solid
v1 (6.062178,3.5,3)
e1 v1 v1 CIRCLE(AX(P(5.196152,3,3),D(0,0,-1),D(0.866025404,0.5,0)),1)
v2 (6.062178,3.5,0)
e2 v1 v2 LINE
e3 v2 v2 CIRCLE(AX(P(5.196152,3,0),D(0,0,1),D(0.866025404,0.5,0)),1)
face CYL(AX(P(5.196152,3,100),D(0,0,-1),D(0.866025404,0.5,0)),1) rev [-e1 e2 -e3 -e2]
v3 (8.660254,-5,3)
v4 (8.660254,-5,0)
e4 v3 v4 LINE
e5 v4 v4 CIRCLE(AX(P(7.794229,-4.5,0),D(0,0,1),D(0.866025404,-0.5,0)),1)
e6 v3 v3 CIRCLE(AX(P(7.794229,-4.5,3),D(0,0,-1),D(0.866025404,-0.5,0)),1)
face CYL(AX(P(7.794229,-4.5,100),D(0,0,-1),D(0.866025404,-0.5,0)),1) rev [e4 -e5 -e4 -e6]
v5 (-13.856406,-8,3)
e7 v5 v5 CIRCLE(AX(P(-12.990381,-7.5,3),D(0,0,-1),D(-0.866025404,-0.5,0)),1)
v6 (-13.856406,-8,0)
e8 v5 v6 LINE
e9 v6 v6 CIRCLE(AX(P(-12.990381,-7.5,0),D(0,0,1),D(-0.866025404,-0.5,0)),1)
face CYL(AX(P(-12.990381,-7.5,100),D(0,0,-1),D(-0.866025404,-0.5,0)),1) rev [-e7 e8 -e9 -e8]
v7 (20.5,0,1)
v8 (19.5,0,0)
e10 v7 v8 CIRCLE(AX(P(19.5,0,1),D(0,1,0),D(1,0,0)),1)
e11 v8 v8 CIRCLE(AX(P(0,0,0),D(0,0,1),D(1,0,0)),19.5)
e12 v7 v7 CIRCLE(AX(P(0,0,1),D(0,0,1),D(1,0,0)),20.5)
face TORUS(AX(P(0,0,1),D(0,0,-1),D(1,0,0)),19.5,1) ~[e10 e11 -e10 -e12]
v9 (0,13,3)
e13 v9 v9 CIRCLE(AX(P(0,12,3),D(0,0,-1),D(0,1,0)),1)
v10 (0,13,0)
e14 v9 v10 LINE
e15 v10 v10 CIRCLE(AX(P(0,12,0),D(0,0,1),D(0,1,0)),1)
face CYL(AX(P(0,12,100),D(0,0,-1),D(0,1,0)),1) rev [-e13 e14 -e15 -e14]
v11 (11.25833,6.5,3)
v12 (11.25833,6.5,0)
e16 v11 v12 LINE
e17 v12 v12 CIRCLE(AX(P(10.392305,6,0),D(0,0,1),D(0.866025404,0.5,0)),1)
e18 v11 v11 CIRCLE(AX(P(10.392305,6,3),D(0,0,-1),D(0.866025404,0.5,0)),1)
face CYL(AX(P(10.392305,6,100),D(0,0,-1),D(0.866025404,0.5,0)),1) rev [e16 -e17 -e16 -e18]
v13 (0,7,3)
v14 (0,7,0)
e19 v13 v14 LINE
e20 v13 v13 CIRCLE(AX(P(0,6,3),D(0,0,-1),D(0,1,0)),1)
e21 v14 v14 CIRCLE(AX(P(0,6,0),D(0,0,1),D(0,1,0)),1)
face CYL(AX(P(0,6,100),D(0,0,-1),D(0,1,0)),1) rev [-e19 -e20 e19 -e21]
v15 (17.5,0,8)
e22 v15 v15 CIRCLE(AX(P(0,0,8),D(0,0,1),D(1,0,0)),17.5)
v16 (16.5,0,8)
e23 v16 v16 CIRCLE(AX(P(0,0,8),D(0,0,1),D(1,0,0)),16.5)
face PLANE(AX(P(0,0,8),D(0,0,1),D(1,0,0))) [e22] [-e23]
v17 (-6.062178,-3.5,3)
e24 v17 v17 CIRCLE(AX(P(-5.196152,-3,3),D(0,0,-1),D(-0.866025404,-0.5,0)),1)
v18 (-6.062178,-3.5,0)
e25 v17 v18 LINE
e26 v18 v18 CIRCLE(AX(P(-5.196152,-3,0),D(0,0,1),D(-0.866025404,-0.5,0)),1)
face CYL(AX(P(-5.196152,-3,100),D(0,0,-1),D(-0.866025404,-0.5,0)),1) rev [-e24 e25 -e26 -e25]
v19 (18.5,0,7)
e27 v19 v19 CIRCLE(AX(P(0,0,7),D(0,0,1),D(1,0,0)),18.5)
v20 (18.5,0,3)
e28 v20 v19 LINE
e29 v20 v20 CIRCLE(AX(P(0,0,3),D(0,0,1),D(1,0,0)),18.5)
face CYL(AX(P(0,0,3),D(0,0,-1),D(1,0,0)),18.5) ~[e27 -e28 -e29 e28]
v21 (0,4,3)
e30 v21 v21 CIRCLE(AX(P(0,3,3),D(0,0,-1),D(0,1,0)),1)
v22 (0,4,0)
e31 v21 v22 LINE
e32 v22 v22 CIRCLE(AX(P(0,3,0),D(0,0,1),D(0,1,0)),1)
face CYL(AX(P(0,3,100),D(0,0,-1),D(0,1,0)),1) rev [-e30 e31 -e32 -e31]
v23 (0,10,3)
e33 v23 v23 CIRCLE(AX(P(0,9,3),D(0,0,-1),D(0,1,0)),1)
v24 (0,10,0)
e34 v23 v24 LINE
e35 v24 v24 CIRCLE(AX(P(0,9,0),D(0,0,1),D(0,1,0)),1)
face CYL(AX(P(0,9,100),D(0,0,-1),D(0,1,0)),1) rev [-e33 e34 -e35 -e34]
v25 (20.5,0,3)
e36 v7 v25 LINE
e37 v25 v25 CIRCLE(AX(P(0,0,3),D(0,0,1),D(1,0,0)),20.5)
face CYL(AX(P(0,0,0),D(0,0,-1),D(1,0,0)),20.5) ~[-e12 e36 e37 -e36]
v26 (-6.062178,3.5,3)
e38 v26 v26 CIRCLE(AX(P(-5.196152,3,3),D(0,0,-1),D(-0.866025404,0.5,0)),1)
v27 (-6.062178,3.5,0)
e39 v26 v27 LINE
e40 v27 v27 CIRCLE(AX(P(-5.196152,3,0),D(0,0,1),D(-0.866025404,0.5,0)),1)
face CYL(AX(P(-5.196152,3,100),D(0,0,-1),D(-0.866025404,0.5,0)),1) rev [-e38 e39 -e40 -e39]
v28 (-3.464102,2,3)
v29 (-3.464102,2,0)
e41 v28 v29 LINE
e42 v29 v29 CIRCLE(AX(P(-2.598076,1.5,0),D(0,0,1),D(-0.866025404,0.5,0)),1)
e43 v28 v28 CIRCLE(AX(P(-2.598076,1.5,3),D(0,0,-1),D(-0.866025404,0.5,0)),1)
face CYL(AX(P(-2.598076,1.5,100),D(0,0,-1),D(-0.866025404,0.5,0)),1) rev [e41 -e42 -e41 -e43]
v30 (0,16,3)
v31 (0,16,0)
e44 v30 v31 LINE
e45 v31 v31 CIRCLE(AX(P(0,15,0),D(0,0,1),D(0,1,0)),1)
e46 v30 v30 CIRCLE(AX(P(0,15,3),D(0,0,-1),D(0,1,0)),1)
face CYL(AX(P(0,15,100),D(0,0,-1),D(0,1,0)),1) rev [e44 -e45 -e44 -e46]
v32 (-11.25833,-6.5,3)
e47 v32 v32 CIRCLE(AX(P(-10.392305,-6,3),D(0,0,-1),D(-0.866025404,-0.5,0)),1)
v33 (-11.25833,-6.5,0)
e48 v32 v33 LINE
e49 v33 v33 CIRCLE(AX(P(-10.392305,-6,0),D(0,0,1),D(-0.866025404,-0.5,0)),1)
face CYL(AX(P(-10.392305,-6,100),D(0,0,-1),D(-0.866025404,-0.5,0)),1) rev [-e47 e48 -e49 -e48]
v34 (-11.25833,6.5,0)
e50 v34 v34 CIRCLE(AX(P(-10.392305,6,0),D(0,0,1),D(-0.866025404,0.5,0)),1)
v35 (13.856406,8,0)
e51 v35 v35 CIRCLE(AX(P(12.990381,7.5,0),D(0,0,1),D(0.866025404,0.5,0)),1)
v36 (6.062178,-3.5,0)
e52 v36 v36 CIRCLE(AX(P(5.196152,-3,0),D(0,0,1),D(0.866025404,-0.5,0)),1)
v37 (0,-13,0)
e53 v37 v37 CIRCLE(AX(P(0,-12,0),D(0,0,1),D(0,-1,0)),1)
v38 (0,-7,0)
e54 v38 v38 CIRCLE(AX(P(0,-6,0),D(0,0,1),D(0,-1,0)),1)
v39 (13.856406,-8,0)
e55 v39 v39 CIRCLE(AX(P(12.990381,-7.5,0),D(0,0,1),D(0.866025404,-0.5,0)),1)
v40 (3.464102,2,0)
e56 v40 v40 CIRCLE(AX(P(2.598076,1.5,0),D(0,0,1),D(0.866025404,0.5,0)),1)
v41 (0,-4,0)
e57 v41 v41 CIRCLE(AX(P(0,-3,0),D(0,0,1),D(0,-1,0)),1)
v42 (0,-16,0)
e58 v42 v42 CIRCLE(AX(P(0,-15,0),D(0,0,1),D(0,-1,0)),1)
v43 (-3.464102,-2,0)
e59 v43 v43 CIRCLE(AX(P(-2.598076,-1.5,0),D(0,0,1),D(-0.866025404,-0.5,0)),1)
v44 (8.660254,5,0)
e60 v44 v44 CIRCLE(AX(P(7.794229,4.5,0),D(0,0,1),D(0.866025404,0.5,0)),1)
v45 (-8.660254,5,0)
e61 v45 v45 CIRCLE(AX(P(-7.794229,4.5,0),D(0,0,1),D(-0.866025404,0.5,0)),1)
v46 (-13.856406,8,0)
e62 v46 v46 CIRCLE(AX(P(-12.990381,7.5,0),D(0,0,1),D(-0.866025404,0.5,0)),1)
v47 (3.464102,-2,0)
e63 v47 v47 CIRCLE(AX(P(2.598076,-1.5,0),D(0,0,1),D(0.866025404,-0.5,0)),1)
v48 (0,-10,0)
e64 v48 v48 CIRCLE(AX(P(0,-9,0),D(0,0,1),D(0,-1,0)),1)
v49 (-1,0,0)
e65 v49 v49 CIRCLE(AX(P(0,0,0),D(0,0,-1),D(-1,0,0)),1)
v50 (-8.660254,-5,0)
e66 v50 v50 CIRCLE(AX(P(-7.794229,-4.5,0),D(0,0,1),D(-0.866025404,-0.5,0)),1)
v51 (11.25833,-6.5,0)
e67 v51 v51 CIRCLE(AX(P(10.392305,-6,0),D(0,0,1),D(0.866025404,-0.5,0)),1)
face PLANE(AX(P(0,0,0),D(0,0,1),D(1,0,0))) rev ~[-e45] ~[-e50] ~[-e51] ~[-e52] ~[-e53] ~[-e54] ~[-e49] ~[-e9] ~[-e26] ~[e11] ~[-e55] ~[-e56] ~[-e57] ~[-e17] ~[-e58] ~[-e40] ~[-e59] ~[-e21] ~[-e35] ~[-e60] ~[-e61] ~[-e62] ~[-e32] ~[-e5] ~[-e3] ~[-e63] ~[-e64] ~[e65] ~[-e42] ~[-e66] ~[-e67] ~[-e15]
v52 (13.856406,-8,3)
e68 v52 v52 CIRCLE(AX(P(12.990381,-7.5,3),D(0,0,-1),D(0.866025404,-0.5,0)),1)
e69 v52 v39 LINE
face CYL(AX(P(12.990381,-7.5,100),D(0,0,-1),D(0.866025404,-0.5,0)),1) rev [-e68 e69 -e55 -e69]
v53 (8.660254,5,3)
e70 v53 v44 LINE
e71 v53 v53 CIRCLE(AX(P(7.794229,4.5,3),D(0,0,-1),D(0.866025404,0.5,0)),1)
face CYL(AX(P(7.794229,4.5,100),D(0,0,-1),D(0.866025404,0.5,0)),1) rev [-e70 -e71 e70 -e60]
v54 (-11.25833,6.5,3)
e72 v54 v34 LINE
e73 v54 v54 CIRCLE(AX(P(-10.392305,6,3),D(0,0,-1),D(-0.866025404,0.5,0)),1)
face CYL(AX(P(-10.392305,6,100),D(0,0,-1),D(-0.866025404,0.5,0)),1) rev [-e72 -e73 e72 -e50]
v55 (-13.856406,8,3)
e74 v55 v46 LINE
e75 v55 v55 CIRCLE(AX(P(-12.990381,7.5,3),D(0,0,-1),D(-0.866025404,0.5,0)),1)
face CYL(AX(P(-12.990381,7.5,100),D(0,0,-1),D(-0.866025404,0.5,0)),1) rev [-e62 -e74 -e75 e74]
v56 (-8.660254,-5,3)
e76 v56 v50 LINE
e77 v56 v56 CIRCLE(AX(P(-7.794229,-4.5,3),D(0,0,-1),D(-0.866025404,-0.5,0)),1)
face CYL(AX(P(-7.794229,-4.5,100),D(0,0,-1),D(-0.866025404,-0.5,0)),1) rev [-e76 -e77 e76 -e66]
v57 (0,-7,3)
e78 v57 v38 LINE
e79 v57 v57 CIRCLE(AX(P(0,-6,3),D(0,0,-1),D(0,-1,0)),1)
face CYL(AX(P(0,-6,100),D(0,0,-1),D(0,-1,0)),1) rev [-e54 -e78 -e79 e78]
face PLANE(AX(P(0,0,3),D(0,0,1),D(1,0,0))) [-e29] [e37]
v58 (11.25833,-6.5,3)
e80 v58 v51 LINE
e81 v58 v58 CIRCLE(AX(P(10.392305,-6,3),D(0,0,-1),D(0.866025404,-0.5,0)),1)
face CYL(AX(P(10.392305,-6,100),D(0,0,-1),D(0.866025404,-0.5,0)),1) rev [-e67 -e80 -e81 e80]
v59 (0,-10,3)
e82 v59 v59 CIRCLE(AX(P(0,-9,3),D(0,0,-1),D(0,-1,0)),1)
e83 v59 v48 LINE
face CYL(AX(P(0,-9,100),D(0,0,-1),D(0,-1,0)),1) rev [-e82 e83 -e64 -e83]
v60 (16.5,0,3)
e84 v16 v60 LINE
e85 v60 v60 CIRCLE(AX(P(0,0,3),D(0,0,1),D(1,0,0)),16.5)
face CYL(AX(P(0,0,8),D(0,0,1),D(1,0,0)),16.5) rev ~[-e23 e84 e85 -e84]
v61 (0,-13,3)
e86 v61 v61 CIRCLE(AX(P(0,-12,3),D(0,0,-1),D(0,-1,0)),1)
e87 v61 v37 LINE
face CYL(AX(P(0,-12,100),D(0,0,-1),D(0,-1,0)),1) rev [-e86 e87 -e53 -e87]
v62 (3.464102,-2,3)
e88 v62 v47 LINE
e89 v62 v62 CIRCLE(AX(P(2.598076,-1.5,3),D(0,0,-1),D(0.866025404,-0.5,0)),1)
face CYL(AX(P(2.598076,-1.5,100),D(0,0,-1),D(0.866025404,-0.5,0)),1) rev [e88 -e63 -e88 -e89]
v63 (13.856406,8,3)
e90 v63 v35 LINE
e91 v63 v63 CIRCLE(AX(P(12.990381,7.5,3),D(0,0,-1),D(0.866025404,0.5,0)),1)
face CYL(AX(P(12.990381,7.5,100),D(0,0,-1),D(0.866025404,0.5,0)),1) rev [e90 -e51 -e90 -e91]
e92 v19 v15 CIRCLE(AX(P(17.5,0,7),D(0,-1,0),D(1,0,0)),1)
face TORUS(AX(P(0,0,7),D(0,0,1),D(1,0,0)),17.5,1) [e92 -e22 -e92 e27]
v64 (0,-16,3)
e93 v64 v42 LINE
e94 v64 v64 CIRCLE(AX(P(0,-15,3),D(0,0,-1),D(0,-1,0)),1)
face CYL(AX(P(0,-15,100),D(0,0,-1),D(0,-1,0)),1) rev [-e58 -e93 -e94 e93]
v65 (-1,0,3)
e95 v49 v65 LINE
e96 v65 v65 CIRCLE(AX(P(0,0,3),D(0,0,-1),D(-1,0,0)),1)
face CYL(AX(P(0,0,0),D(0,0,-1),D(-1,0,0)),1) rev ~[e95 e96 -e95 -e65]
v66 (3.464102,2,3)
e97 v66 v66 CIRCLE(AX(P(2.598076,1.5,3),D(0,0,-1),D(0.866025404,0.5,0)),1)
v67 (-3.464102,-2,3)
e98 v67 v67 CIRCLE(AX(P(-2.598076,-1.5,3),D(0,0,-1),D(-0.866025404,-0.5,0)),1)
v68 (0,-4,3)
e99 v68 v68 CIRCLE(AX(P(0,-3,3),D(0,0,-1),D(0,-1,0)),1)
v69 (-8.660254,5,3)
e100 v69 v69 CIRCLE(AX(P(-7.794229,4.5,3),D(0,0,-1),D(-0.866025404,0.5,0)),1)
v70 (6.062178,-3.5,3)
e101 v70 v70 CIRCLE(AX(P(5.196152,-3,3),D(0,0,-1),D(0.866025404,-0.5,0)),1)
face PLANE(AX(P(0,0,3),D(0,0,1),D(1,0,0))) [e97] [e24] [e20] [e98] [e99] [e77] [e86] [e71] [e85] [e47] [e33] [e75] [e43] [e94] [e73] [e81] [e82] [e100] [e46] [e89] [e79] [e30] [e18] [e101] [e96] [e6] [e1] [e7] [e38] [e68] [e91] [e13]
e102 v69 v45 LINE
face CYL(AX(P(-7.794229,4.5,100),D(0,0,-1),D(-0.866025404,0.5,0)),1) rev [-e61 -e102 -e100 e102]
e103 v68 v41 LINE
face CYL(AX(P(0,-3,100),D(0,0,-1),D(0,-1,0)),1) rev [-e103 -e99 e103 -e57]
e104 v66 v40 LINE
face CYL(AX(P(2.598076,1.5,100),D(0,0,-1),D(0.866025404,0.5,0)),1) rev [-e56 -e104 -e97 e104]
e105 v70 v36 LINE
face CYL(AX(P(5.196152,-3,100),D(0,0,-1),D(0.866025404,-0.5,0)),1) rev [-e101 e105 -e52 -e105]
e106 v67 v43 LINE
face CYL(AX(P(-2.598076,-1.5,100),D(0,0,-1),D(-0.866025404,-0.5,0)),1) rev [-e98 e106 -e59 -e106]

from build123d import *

# Parameters (mm, degrees)
SKETCH2_R                      = 20.5
BOSS_EXTRUDE1_DEPTH            = 3
SKETCH3_R                      = 18.5
BOSS_EXTRUDE2_DEPTH            = 5
SKETCH4_R                      = 16.5
CUT_EXTRUDE1_DEPTH             = 5
FILLET1_R                      = 1
FILLET2_R                      = 1
SKETCH9_R                      = 1
CUT_EXTRUDE2_DEPTH             = 3
F_2_0MM_DOWEL_HOLE4_AT_2_COUNT = 2
F_2_0MM_DOWEL_HOLE4_AT_2_PITCH = 3
F_2_0MM_DOWEL_HOLE4_AT_3_COUNT = 2
F_2_0MM_DOWEL_HOLE4_AT_3_PITCH = 6
F_2_0MM_DOWEL_HOLE4_AT_4_COUNT = 2
F_2_0MM_DOWEL_HOLE4_AT_4_PITCH = 9
F_2_0MM_DOWEL_HOLE4_AT_5_COUNT = 2
F_2_0MM_DOWEL_HOLE4_AT_5_PITCH = 12
CIRPATTERN1_COUNT              = 6


with BuildPart() as part:
    # Sketch2 → Boss-Extrude1 (new body)
    with BuildSketch(Plane.XY):
        Circle(SKETCH2_R)
    extrude(amount=BOSS_EXTRUDE1_DEPTH)

    # Sketch3 → Boss-Extrude2 (add)
    with BuildSketch(Plane.XY.offset(3)):
        Circle(SKETCH3_R)
    extrude(amount=BOSS_EXTRUDE2_DEPTH)

    # Sketch4 → Cut-Extrude1 (cut)
    with BuildSketch(Plane.XY.offset(8)):
        Circle(SKETCH4_R)
    extrude(amount=-CUT_EXTRUDE1_DEPTH, mode=Mode.SUBTRACT)

    # Fillet1
    fillet1_edges = [part.edges().sort_by_distance(p)[0] for p in [
        (-18.5, 0, 8),
    ]]
    fillet(fillet1_edges, radius=FILLET1_R)

    # Fillet2
    fillet2_edges = [part.edges().sort_by_distance(p)[0] for p in [
        (-20.5, 0, 0),
    ]]
    fillet(fillet2_edges, radius=FILLET2_R)

    # Sketch9 → Cut-Extrude2 (cut)
    with BuildSketch(Plane(origin=(0, 0, 0), x_dir=(-1, 0, 0), z_dir=(0, 0, -1))):
        Circle(SKETCH9_R)
    extrude(amount=-CUT_EXTRUDE2_DEPTH, mode=Mode.SUBTRACT)

    # Sketch12 → Ø2.0mm Dowel Hole4 (revolve, cut)
    with BuildSketch(Plane(origin=(0, 3, 0), x_dir=(0, 1, 0), z_dir=(1, 0, 0))):
        Polygon((0, 0), (0, 100.600860619), (1, 100), (1, 0), align=None)
    f_2_0mm_dowel_hole4 = revolve(axis=Axis((0, 3, -6.35), (0, 0, 1)), mode=Mode.SUBTRACT)

    # Ø2.0mm Dowel Hole4 at 2: Ø2.0mm Dowel Hole4 ×2
    with Locations(*[(0, i * F_2_0MM_DOWEL_HOLE4_AT_2_PITCH, 0) for i in range(1, F_2_0MM_DOWEL_HOLE4_AT_2_COUNT)]):
        add(f_2_0mm_dowel_hole4, mode=Mode.SUBTRACT)

    # Ø2.0mm Dowel Hole4 at 3: Ø2.0mm Dowel Hole4 ×2
    with Locations(*[(0, i * F_2_0MM_DOWEL_HOLE4_AT_3_PITCH, 0) for i in range(1, F_2_0MM_DOWEL_HOLE4_AT_3_COUNT)]):
        add(f_2_0mm_dowel_hole4, mode=Mode.SUBTRACT)

    # Ø2.0mm Dowel Hole4 at 4: Ø2.0mm Dowel Hole4 ×2
    with Locations(*[(0, i * F_2_0MM_DOWEL_HOLE4_AT_4_PITCH, 0) for i in range(1, F_2_0MM_DOWEL_HOLE4_AT_4_COUNT)]):
        add(f_2_0mm_dowel_hole4, mode=Mode.SUBTRACT)

    # Ø2.0mm Dowel Hole4 at 5: Ø2.0mm Dowel Hole4 ×2
    with Locations(*[(0, i * F_2_0MM_DOWEL_HOLE4_AT_5_PITCH, 0) for i in range(1, F_2_0MM_DOWEL_HOLE4_AT_5_COUNT)]):
        add(f_2_0mm_dowel_hole4, mode=Mode.SUBTRACT)

    # CirPattern1: Ø2.0mm Dowel Hole4 ×6 about axis
    cirpattern1_axis = Axis((0, 0, 0), (0, 0, 1))
    for i in range(1, CIRPATTERN1_COUNT):
        add(f_2_0mm_dowel_hole4.rotate(cirpattern1_axis, i * 360 / CIRPATTERN1_COUNT), mode=Mode.SUBTRACT)

    # CirPattern1 copy 1 sketch → CirPattern1 copy 1 (revolve, cut)
    with BuildSketch(Plane(origin=(-5.196152423, 3, 0), x_dir=(-0.866025404, 0.5, 0), z_dir=(0.5, 0.866025404, 0))):
        Polygon((0, 0), (0, 100.600860619), (1, 100), (1, 0), align=None)
    revolve(axis=Axis((-5.196152423, 3, -6.35), (0, 0, 1)), mode=Mode.SUBTRACT)

    # CirPattern1 copy 2 sketch → CirPattern1 copy 2 (revolve, cut)
    with BuildSketch(Plane(origin=(-5.196152423, -3, 0), x_dir=(-0.866025404, -0.5, 0), z_dir=(-0.5, 0.866025404, 0))):
        Polygon((0, 0), (0, 100.600860619), (1, 100), (1, 0), align=None)
    revolve(axis=Axis((-5.196152423, -3, -6.35), (0, 0, 1)), mode=Mode.SUBTRACT)

    # CirPattern1 copy 3 sketch → CirPattern1 copy 3 (revolve, cut)
    with BuildSketch(Plane(origin=(0, -6, 0), x_dir=(0, -1, 0), z_dir=(-1, 0, 0))):
        Polygon((0, 0), (0, 100.600860619), (1, 100), (1, 0), align=None)
    revolve(axis=Axis((0, -6, -6.35), (0, 0, 1)), mode=Mode.SUBTRACT)

    # CirPattern1 copy 4 sketch → CirPattern1 copy 4 (revolve, cut)
    with BuildSketch(Plane(origin=(5.196152423, -3, 0), x_dir=(0.866025404, -0.5, 0), z_dir=(-0.5, -0.866025404, 0))):
        Polygon((0, 0), (0, 100.600860619), (1, 100), (1, 0), align=None)
    revolve(axis=Axis((5.196152423, -3, -6.35), (0, 0, 1)), mode=Mode.SUBTRACT)

    # CirPattern1 copy 5 sketch → CirPattern1 copy 5 (revolve, cut)
    with BuildSketch(Plane(origin=(5.196152423, 3, 0), x_dir=(0.866025404, 0.5, 0), z_dir=(0.5, -0.866025404, 0))):
        Polygon((0, 0), (0, 100.600860619), (1, 100), (1, 0), align=None)
    revolve(axis=Axis((5.196152423, 3, -6.35), (0, 0, 1)), mode=Mode.SUBTRACT)

    # CirPattern1 copy 6 sketch → CirPattern1 copy 6 (revolve, cut)
    with BuildSketch(Plane(origin=(-7.794228634, 4.5, 0), x_dir=(-0.866025404, 0.5, 0), z_dir=(0.5, 0.866025404, 0))):
        Polygon((0, 0), (0, 100.600860619), (1, 100), (1, 0), align=None)
    revolve(axis=Axis((-7.794228634, 4.5, -6.35), (0, 0, 1)), mode=Mode.SUBTRACT)

    # CirPattern1 copy 7 sketch → CirPattern1 copy 7 (revolve, cut)
    with BuildSketch(Plane(origin=(-7.794228634, -4.5, 0), x_dir=(-0.866025404, -0.5, 0), z_dir=(-0.5, 0.866025404, 0))):
        Polygon((0, 0), (0, 100.600860619), (1, 100), (1, 0), align=None)
    revolve(axis=Axis((-7.794228634, -4.5, -6.35), (0, 0, 1)), mode=Mode.SUBTRACT)

    # CirPattern1 copy 8 sketch → CirPattern1 copy 8 (revolve, cut)
    with BuildSketch(Plane(origin=(0, -9, 0), x_dir=(0, -1, 0), z_dir=(-1, 0, 0))):
        Polygon((0, 0), (0, 100.600860619), (1, 100), (1, 0), align=None)
    revolve(axis=Axis((0, -9, -6.35), (0, 0, 1)), mode=Mode.SUBTRACT)

    # CirPattern1 copy 9 sketch → CirPattern1 copy 9 (revolve, cut)
    with BuildSketch(Plane(origin=(7.794228634, -4.5, 0), x_dir=(0.866025404, -0.5, 0), z_dir=(-0.5, -0.866025404, 0))):
        Polygon((0, 0), (0, 100.600860619), (1, 100), (1, 0), align=None)
    revolve(axis=Axis((7.794228634, -4.5, -6.35), (0, 0, 1)), mode=Mode.SUBTRACT)

    # CirPattern1 copy 10 sketch → CirPattern1 copy 10 (revolve, cut)
    with BuildSketch(Plane(origin=(7.794228634, 4.5, 0), x_dir=(0.866025404, 0.5, 0), z_dir=(0.5, -0.866025404, 0))):
        Polygon((0, 0), (0, 100.600860619), (1, 100), (1, 0), align=None)
    revolve(axis=Axis((7.794228634, 4.5, -6.35), (0, 0, 1)), mode=Mode.SUBTRACT)

    # CirPattern1 copy 11 sketch → CirPattern1 copy 11 (revolve, cut)
    with BuildSketch(Plane(origin=(-10.392304845, 6, 0), x_dir=(-0.866025404, 0.5, 0), z_dir=(0.5, 0.866025404, 0))):
        Polygon((0, 0), (0, 100.600860619), (1, 100), (1, 0), align=None)
    revolve(axis=Axis((-10.392304845, 6, -6.35), (0, 0, 1)), mode=Mode.SUBTRACT)

    # CirPattern1 copy 12 sketch → CirPattern1 copy 12 (revolve, cut)
    with BuildSketch(Plane(origin=(-10.392304845, -6, 0), x_dir=(-0.866025404, -0.5, 0), z_dir=(-0.5, 0.866025404, 0))):
        Polygon((0, 0), (0, 100.600860619), (1, 100), (1, 0), align=None)
    revolve(axis=Axis((-10.392304845, -6, -6.35), (0, 0, 1)), mode=Mode.SUBTRACT)

    # CirPattern1 copy 13 sketch → CirPattern1 copy 13 (revolve, cut)
    with BuildSketch(Plane(origin=(0, -12, 0), x_dir=(0, -1, 0), z_dir=(-1, 0, 0))):
        Polygon((0, 0), (0, 100.600860619), (1, 100), (1, 0), align=None)
    revolve(axis=Axis((0, -12, -6.35), (0, 0, 1)), mode=Mode.SUBTRACT)

    # CirPattern1 copy 14 sketch → CirPattern1 copy 14 (revolve, cut)
    with BuildSketch(Plane(origin=(10.392304845, -6, 0), x_dir=(0.866025404, -0.5, 0), z_dir=(-0.5, -0.866025404, 0))):
        Polygon((0, 0), (0, 100.600860619), (1, 100), (1, 0), align=None)
    revolve(axis=Axis((10.392304845, -6, -6.35), (0, 0, 1)), mode=Mode.SUBTRACT)

    # CirPattern1 copy 15 sketch → CirPattern1 copy 15 (revolve, cut)
    with BuildSketch(Plane(origin=(10.392304845, 6, 0), x_dir=(0.866025404, 0.5, 0), z_dir=(0.5, -0.866025404, 0))):
        Polygon((0, 0), (0, 100.600860619), (1, 100), (1, 0), align=None)
    revolve(axis=Axis((10.392304845, 6, -6.35), (0, 0, 1)), mode=Mode.SUBTRACT)

    # CirPattern1 copy 16 sketch → CirPattern1 copy 16 (revolve, cut)
    with BuildSketch(Plane(origin=(-12.990381057, 7.5, 0), x_dir=(-0.866025404, 0.5, 0), z_dir=(0.5, 0.866025404, 0))):
        Polygon((0, 0), (0, 100.600860619), (1, 100), (1, 0), align=None)
    revolve(axis=Axis((-12.990381057, 7.5, -6.35), (0, 0, 1)), mode=Mode.SUBTRACT)

    # CirPattern1 copy 17 sketch → CirPattern1 copy 17 (revolve, cut)
    with BuildSketch(Plane(origin=(-12.990381057, -7.5, 0), x_dir=(-0.866025404, -0.5, 0), z_dir=(-0.5, 0.866025404, 0))):
        Polygon((0, 0), (0, 100.600860619), (1, 100), (1, 0), align=None)
    revolve(axis=Axis((-12.990381057, -7.5, -6.35), (0, 0, 1)), mode=Mode.SUBTRACT)

    # CirPattern1 copy 18 sketch → CirPattern1 copy 18 (revolve, cut)
    with BuildSketch(Plane(origin=(0, -15, 0), x_dir=(0, -1, 0), z_dir=(-1, 0, 0))):
        Polygon((0, 0), (0, 100.600860619), (1, 100), (1, 0), align=None)
    revolve(axis=Axis((0, -15, -6.35), (0, 0, 1)), mode=Mode.SUBTRACT)

    # CirPattern1 copy 19 sketch → CirPattern1 copy 19 (revolve, cut)
    with BuildSketch(Plane(origin=(12.990381057, -7.5, 0), x_dir=(0.866025404, -0.5, 0), z_dir=(-0.5, -0.866025404, 0))):
        Polygon((0, 0), (0, 100.600860619), (1, 100), (1, 0), align=None)
    revolve(axis=Axis((12.990381057, -7.5, -6.35), (0, 0, 1)), mode=Mode.SUBTRACT)

    # CirPattern1 copy 20 sketch → CirPattern1 copy 20 (revolve, cut)
    with BuildSketch(Plane(origin=(12.990381057, 7.5, 0), x_dir=(0.866025404, 0.5, 0), z_dir=(0.5, -0.866025404, 0))):
        Polygon((0, 0), (0, 100.600860619), (1, 100), (1, 0), align=None)
    revolve(axis=Axis((12.990381057, 7.5, -6.35), (0, 0, 1)), mode=Mode.SUBTRACT)


solid = part.part
